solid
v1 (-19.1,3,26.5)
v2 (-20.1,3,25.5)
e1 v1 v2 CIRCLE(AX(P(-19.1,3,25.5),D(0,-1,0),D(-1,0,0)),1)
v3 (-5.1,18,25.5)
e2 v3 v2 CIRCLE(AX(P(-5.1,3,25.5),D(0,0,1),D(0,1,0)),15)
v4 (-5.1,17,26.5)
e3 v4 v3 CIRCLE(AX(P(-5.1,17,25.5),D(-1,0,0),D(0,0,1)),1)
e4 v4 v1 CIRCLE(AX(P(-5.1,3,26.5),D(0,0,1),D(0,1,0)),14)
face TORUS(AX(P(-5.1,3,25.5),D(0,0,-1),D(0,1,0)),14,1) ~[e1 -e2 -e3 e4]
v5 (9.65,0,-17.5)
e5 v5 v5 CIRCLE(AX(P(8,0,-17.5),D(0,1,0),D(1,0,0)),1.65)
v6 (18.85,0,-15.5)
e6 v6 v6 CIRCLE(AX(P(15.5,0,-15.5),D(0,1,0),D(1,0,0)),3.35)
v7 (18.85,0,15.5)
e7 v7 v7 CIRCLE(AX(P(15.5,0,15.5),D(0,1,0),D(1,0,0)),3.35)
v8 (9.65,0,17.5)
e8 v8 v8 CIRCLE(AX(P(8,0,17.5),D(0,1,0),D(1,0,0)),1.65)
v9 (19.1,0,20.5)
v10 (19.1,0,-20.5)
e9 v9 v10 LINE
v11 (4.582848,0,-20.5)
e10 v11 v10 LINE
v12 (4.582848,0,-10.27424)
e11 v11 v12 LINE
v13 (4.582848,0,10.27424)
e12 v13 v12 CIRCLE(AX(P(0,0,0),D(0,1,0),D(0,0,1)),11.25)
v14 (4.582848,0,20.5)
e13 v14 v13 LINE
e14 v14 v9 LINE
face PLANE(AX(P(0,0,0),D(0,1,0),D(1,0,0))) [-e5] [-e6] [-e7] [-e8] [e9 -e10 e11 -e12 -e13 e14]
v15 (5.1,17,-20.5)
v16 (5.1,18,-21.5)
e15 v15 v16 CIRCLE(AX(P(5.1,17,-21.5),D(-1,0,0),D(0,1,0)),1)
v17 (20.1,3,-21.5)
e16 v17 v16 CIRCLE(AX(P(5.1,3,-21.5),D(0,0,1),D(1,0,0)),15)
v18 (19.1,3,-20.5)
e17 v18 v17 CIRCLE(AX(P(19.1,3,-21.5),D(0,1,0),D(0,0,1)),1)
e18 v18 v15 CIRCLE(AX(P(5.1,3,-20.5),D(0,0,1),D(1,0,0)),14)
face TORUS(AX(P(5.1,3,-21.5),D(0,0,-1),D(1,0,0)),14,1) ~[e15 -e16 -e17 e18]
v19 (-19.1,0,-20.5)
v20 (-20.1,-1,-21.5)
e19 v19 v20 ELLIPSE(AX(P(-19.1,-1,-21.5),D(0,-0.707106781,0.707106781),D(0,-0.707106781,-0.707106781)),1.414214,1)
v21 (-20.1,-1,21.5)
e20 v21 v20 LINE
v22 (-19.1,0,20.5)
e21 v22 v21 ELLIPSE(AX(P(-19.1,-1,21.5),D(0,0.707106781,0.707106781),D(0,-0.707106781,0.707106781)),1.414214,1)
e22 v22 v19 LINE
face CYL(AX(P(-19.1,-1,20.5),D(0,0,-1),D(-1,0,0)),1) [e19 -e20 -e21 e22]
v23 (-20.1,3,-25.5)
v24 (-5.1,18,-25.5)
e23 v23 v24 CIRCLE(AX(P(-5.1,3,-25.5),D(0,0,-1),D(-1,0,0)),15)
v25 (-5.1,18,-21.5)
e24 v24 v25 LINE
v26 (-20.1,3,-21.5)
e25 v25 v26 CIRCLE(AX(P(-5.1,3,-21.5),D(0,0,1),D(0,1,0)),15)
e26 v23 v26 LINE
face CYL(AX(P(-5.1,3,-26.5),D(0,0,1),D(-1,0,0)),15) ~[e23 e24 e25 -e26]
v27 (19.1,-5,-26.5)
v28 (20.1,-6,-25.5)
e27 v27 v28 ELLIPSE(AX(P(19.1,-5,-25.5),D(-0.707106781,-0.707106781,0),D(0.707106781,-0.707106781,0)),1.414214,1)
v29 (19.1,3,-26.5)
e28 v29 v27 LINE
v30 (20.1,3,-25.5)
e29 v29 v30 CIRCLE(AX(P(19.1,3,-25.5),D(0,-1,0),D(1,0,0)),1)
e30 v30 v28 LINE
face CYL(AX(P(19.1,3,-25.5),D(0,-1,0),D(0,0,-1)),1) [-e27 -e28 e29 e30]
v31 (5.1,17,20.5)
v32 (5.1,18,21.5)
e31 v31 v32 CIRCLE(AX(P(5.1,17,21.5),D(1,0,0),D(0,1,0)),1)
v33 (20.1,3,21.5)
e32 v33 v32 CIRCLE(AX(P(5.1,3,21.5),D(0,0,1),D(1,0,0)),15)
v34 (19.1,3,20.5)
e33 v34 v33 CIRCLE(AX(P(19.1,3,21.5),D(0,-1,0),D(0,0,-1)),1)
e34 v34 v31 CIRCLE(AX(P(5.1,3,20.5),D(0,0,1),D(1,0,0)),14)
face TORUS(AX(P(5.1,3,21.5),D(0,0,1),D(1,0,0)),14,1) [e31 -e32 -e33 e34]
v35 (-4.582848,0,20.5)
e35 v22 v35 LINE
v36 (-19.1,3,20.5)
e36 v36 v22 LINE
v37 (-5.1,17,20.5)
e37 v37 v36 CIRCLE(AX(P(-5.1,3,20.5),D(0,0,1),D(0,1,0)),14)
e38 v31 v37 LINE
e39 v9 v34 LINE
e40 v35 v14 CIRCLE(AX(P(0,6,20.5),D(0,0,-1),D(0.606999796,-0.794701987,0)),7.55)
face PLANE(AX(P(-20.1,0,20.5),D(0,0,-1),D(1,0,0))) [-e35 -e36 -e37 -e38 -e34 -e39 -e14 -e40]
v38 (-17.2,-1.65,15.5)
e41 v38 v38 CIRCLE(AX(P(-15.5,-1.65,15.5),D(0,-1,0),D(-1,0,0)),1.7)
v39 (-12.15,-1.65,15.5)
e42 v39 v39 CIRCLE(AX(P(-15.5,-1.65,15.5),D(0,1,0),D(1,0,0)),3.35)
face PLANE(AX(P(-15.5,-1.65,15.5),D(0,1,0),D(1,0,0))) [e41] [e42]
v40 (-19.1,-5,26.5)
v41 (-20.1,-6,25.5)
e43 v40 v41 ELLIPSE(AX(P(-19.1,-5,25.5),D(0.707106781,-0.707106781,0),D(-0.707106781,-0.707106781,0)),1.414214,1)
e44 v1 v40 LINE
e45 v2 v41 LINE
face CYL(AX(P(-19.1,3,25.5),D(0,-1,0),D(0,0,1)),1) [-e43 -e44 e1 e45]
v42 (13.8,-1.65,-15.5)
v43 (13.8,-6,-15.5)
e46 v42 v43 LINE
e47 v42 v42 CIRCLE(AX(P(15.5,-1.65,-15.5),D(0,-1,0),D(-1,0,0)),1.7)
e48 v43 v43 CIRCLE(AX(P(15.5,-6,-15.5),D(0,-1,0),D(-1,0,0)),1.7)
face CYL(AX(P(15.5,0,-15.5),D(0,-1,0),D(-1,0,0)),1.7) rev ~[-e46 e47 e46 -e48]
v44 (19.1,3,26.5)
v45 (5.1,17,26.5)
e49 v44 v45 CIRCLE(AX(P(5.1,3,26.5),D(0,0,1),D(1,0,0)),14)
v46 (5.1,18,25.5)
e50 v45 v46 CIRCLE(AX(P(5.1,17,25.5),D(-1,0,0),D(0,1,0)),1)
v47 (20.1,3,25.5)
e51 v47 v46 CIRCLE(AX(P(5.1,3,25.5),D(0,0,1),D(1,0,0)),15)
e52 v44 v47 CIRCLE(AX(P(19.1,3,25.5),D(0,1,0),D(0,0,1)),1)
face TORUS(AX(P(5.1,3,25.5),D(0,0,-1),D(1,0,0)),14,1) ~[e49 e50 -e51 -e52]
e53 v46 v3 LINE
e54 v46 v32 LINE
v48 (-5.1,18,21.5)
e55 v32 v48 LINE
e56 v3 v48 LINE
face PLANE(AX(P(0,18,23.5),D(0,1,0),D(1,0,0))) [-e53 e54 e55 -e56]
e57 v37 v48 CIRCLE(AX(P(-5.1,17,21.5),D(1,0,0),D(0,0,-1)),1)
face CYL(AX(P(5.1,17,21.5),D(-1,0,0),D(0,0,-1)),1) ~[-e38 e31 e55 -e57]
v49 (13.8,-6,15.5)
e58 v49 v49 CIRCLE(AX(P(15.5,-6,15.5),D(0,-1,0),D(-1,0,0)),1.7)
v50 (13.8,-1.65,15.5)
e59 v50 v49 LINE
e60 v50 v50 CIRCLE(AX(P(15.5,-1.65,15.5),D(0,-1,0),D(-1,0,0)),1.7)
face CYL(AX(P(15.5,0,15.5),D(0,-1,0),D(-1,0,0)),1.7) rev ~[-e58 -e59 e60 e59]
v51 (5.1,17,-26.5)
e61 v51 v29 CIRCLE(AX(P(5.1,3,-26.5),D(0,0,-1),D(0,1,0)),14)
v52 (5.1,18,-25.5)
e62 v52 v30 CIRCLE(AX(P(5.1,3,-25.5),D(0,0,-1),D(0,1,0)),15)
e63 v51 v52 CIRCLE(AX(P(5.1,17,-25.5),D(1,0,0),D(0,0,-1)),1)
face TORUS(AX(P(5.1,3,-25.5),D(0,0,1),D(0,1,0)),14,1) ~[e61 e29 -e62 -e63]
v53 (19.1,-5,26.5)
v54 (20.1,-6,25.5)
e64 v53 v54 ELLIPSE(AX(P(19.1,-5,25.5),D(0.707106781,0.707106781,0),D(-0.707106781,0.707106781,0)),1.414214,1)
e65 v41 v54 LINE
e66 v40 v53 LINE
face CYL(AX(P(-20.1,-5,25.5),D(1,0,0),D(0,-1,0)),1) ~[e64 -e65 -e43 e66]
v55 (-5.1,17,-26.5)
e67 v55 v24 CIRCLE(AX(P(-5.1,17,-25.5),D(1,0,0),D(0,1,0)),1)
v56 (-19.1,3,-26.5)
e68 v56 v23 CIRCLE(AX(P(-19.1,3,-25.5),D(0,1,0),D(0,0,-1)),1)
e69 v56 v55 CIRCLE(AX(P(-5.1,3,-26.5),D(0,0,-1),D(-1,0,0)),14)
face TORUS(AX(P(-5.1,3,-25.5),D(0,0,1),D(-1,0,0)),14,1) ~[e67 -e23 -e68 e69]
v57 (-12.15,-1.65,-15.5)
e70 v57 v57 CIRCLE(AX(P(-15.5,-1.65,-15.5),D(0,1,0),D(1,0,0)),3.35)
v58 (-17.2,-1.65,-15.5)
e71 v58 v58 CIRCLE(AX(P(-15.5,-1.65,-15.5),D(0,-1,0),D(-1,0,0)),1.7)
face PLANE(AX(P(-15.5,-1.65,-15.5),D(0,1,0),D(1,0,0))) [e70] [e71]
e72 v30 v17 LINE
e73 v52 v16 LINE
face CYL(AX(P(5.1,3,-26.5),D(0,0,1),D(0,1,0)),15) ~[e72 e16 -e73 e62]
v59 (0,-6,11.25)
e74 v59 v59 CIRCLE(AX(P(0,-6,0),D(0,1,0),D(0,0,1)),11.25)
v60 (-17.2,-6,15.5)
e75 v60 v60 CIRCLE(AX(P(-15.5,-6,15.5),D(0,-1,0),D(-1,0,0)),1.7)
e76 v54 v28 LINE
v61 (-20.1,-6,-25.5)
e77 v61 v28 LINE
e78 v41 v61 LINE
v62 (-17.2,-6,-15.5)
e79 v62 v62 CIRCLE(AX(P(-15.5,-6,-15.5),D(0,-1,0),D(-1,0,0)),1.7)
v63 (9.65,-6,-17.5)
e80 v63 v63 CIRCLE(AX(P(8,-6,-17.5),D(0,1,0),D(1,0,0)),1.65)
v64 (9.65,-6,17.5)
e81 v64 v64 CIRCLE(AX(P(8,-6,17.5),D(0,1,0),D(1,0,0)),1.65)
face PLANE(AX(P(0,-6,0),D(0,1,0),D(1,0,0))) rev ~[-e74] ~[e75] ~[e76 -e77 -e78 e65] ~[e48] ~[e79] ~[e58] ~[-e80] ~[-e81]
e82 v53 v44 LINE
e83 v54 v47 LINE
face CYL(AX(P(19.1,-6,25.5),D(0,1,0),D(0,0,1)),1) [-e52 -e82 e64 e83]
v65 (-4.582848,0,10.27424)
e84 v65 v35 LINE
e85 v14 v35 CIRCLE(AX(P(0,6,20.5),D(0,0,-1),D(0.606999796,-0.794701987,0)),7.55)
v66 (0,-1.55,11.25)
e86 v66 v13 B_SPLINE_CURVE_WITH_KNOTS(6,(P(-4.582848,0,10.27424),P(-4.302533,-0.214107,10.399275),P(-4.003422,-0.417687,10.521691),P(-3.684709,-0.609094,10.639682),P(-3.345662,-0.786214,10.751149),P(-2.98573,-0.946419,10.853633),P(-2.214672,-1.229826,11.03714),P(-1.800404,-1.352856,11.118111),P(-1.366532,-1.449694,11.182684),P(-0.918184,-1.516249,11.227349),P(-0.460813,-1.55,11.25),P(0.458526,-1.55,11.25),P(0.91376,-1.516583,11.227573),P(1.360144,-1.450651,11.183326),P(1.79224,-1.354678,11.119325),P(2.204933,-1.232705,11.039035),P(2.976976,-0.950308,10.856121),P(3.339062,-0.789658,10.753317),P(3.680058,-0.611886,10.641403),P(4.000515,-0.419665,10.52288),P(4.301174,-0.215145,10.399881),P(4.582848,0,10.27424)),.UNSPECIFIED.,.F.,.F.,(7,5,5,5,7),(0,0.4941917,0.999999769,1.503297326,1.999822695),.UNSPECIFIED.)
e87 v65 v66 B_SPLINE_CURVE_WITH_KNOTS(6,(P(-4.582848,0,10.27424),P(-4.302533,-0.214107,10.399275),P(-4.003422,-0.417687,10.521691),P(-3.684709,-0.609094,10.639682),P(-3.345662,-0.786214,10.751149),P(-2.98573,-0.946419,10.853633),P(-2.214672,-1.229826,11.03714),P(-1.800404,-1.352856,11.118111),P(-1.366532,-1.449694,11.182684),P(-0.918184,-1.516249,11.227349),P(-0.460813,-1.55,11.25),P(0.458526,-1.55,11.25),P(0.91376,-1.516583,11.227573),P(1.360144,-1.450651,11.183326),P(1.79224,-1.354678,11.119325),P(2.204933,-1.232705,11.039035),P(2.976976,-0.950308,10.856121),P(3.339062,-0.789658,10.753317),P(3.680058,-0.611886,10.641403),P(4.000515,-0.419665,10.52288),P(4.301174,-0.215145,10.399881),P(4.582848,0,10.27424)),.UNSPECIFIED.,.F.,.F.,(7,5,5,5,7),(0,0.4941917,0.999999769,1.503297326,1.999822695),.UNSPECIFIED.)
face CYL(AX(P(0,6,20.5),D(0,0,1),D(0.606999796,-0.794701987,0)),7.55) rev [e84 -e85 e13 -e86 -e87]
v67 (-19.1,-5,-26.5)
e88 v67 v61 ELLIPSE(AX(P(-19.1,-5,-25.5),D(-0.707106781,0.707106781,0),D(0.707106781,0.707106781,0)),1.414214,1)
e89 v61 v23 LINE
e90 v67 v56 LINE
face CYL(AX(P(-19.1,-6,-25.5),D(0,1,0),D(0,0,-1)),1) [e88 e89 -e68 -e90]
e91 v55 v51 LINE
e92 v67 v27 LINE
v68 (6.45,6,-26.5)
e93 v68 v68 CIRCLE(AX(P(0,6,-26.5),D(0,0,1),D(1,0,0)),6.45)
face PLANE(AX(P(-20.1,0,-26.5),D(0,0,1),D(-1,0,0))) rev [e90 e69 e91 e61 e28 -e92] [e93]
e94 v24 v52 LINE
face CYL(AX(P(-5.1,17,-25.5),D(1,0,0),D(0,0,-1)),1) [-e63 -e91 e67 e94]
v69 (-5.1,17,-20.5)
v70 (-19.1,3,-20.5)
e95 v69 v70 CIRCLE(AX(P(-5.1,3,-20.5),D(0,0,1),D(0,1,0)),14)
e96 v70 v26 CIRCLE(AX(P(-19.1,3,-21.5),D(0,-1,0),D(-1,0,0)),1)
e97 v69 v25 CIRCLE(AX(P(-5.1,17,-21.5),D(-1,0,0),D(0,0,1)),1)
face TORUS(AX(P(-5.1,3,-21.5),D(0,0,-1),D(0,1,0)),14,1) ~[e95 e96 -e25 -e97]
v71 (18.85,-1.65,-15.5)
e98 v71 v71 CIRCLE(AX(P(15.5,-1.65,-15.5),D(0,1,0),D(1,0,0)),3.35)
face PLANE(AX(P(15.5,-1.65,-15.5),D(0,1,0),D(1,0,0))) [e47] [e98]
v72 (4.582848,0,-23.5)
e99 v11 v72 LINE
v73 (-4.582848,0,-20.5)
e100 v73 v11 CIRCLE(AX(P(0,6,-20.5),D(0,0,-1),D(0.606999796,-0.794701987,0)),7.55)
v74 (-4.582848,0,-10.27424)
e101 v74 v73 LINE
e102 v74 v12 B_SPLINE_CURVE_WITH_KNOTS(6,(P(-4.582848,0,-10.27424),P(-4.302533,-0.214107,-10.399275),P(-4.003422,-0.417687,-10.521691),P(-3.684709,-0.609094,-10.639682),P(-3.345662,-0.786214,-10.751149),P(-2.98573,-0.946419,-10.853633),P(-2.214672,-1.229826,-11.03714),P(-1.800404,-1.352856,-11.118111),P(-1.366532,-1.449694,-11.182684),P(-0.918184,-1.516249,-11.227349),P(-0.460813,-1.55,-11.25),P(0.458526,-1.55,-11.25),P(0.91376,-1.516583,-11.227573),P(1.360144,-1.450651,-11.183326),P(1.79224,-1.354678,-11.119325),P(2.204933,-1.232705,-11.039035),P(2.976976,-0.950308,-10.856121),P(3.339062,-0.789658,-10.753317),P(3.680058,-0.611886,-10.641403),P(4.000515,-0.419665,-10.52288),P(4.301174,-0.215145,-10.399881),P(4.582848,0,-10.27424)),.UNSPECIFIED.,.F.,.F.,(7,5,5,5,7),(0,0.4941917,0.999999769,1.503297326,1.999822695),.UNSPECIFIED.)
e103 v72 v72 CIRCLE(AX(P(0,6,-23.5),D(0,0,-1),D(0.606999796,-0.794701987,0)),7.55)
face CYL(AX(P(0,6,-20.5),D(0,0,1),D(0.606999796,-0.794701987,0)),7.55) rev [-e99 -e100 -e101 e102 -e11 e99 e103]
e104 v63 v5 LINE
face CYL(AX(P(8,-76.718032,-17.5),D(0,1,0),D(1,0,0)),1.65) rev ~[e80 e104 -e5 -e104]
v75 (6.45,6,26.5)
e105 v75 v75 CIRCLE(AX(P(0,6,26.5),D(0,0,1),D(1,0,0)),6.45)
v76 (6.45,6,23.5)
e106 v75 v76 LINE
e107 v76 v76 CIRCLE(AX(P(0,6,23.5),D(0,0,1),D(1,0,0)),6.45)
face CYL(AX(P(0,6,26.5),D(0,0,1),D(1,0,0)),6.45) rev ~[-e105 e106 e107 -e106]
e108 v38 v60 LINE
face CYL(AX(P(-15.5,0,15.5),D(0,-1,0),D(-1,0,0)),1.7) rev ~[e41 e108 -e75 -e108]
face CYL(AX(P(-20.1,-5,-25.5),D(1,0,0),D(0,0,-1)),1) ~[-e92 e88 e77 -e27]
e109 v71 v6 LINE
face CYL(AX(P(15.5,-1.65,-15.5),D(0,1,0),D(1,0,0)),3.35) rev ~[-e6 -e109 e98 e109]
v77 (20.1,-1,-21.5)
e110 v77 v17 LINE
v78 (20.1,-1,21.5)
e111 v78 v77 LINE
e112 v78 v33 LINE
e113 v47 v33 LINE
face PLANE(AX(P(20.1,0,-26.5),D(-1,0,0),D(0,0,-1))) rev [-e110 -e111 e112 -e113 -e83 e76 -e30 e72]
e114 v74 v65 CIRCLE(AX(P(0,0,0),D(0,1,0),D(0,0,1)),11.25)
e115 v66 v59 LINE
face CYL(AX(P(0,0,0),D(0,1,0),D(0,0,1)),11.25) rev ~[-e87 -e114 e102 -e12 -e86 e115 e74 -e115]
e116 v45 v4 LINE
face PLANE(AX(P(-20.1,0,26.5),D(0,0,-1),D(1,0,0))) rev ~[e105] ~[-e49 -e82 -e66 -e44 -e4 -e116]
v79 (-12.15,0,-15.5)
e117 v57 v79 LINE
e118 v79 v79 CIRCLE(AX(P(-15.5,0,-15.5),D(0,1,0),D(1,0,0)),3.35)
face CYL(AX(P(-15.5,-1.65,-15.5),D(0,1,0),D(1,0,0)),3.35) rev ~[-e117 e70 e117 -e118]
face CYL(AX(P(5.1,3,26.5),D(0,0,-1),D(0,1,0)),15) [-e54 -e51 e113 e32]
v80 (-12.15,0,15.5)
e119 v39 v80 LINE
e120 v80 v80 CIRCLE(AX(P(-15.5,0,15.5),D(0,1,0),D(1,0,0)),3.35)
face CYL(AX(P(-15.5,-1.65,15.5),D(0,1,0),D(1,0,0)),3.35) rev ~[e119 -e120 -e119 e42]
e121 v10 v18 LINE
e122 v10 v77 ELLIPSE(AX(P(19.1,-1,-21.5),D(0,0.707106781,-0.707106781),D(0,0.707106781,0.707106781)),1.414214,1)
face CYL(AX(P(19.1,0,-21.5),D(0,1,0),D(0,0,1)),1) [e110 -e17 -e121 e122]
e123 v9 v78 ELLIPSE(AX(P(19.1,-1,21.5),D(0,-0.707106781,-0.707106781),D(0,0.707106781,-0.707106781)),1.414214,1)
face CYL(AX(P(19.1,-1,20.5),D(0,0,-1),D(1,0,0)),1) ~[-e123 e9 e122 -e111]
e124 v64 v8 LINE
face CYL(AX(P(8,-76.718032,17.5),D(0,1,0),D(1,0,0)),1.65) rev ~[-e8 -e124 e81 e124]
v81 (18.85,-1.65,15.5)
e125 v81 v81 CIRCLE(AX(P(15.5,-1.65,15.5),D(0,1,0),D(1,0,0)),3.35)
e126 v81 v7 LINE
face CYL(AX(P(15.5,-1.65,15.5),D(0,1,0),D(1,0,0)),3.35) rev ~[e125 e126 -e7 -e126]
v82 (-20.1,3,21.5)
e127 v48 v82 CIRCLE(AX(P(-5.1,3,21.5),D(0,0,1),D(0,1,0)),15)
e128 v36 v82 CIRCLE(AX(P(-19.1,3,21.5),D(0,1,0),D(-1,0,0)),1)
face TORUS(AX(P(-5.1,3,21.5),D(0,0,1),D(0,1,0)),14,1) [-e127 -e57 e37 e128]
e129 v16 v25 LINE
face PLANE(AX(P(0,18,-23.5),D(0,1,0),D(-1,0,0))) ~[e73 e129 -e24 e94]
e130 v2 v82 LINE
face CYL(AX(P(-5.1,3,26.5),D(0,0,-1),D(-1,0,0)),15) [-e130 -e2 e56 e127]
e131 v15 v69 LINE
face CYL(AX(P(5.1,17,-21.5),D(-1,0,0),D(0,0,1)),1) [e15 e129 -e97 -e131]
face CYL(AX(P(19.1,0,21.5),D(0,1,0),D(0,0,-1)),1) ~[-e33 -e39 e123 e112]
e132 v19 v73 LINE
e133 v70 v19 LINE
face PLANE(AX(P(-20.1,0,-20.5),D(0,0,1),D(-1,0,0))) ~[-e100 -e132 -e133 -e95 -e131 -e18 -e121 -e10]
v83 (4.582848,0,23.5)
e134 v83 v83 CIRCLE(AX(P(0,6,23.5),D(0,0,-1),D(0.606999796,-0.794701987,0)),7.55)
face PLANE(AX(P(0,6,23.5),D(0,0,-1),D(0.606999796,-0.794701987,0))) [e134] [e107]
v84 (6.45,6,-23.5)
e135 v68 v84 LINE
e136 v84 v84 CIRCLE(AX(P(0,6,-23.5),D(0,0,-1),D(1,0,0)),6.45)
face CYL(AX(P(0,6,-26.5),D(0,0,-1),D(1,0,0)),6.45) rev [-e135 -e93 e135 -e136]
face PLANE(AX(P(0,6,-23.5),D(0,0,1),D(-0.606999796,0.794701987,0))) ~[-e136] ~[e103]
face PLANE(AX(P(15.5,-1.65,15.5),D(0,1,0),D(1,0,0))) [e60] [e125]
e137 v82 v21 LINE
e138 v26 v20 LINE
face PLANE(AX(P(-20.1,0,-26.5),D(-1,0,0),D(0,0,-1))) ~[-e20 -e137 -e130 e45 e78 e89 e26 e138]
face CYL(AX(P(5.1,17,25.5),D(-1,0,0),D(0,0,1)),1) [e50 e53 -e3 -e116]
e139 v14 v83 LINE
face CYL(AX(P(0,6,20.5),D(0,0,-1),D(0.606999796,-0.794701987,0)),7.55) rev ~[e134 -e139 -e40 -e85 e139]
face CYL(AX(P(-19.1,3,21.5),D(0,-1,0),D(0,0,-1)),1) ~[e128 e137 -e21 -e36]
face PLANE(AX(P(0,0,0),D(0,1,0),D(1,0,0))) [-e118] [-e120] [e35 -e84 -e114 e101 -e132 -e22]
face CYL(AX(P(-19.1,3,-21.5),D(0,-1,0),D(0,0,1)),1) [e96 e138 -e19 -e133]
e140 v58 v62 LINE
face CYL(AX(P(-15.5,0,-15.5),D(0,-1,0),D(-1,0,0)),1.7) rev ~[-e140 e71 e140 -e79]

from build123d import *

# Parameters (mm, degrees)
SKETCH1_W                       = 40.2
SKETCH1_H                       = 53
SKETCH1_R                       = 11.25
BOSS_EXTRUDE1_DEPTH             = 6
CBORE_FOR_M3_SBHCS1_D           = 3.4
CBORE_FOR_M3_SBHCS1_CBORE_D     = 6.7
CBORE_FOR_M3_SBHCS1_CBORE_DEPTH = 1.65
SKETCH5_W                       = 40.2
SKETCH5_H                       = 6
BOSS_EXTRUDE2_DEPTH             = 18
CUT_EXTRUDE1_REACH              = 61.473
SKETCH6_R                       = 6.45
FILLET3_R                       = 15
SKETCH8_R                       = 7.55
CUT_EXTRUDE3_DEPTH              = 3
CUT_EXTRUDE3_DIRECTION_2_REACH  = 56.194
FILLET3_OF_MIRROR1_R            = 15
FILLET4_R                       = 1
M4X0_7_TAPPED_HOLE1_D           = 3.3


with BuildPart() as part:
    # Sketch1 → Boss-Extrude1 (new body)
    with BuildSketch(Plane(origin=(0, 0, 0), x_dir=(1, 0, 0), z_dir=(0, 1, 0))):
        Rectangle(SKETCH1_W, SKETCH1_H)
        with Locations(Location((0, 0, 0), (0, 0, 270))):
            Circle(SKETCH1_R, mode=Mode.SUBTRACT)
    extrude(amount=-BOSS_EXTRUDE1_DEPTH)

    # CBORE for M3 SBHCS1 (through all)
    with Locations(Plane(origin=(0, 0, 0), x_dir=(1, 0, 0), z_dir=(0, 1, 0))):
        with Locations((-15.5, 15.5), (15.5, 15.5), (15.5, -15.5), (-15.5, -15.5)):
            CounterBoreHole(CBORE_FOR_M3_SBHCS1_D / 2, CBORE_FOR_M3_SBHCS1_CBORE_D / 2, CBORE_FOR_M3_SBHCS1_CBORE_DEPTH)

    # Sketch5 → Boss-Extrude2 (add)
    with BuildSketch(Plane(origin=(0, 0, 0), x_dir=(1, 0, 0), z_dir=(0, 1, 0))):
        with Locations((0, -23.5)):
            Rectangle(SKETCH5_W, SKETCH5_H)
    boss_extrude2 = extrude(amount=BOSS_EXTRUDE2_DEPTH)

    # Sketch6 → Cut-Extrude1 (cut, up to next)
    with BuildSketch(Plane.XY.offset(26.5), mode=Mode.PRIVATE) as cut_extrude1_sk1:
        with Locations((0, 6)):
            Circle(SKETCH6_R)
    cut_extrude1_tool1 = extrude(cut_extrude1_sk1.sketch, amount=-CUT_EXTRUDE1_REACH, mode=Mode.PRIVATE) & part.part
    cut_extrude1 = cut_extrude1_tool1.solids().sort_by_distance((0, 6, 26.5))[0]
    add(cut_extrude1, mode=Mode.SUBTRACT)

    # Fillet3
    fillet3_edges = [part.edges().sort_by_distance(p)[0] for p in [
        (20.1, 18, 23.5),
        (-20.1, 18, 23.5),
    ]]
    fillet(fillet3_edges, radius=FILLET3_R)

    # Sketch8 → Cut-Extrude3 (cut)
    with BuildSketch(Plane(origin=(0, 0, 20.5), x_dir=(-1, 0, 0), z_dir=(0, 0, -1))):
        with Locations(Location((0, 6, 0), (0, 0, 232.627116603))):
            Circle(SKETCH8_R)
    cut_extrude3 = extrude(amount=-CUT_EXTRUDE3_DEPTH, mode=Mode.SUBTRACT)

    # Sketch8 → Cut-Extrude3 direction 2 (cut, up to next)
    with BuildSketch(Plane(origin=(0, 0, 20.5), x_dir=(-1, 0, 0), z_dir=(0, 0, -1)), mode=Mode.PRIVATE) as cut_extrude3_direction_2_sk1:
        with Locations(Location((0, 6, 0), (0, 0, 232.627116603))):
            Circle(SKETCH8_R)
    cut_extrude3_direction_2_tool1 = extrude(cut_extrude3_direction_2_sk1.sketch, amount=CUT_EXTRUDE3_DIRECTION_2_REACH, mode=Mode.PRIVATE) & part.part
    cut_extrude3_direction_2 = cut_extrude3_direction_2_tool1.solids().sort_by_distance((0, 6, 20.5))[0]
    add(cut_extrude3_direction_2, mode=Mode.SUBTRACT)

    # Mirror1: Boss-Extrude2, Cut-Extrude1, Cut-Extrude3, Cut-Extrude3 direction 2 across plane
    add(boss_extrude2.mirror(Plane.XY))
    add(cut_extrude1.mirror(Plane.XY), mode=Mode.SUBTRACT)
    add(cut_extrude3.mirror(Plane.XY), mode=Mode.SUBTRACT)
    add(cut_extrude3_direction_2.mirror(Plane.XY), mode=Mode.SUBTRACT)

    # Fillet3 of Mirror1
    fillet3_of_mirror1_edges = [part.edges().sort_by_distance(p)[0] for p in [
        (20.1, 18, -23.5),
        (-20.1, 18, -23.5),
    ]]
    fillet(fillet3_of_mirror1_edges, radius=FILLET3_OF_MIRROR1_R)

    # Fillet4
    fillet4_edges = [part.edges().sort_by_distance(p)[0] for p in [
        (20.1, 1.5, 20.5),
        (15.706601718, 13.606601718, 20.5),
        (0, 18, 20.5),
        (-15.706601718, 13.606601718, 20.5),
        (20.1, 1.5, -20.5),
        (15.706601718, 13.606601718, -20.5),
        (0, 18, -20.5),
        (-15.706601718, 13.606601718, -20.5),
        (20.1, -1.5, -26.5),
        (15.706601718, 13.606601718, -26.5),
        (0, 18, -26.5),
        (-15.706601718, 13.606601718, -26.5),
        (20.1, -1.5, 26.5),
        (15.706601718, 13.606601718, 26.5),
        (0, 18, 26.5),
        (-15.706601718, 13.606601718, 26.5),
        (20.1, 0, 0),
        (-20.1, 0, 0),
        (0, -6, 26.5),
        (0, -6, -26.5),
        (-20.1, 1.5, 20.5),
        (-20.1, 1.5, -20.5),
        (-20.1, -1.5, -26.5),
        (-20.1, -1.5, 26.5),
    ]]
    fillet(fillet4_edges, radius=FILLET4_R)

    # M4x0.7 Tapped Hole1 (through all)
    with Locations(Plane(origin=(0, -6, 0), x_dir=(-1, 0, 0), z_dir=(0, -1, 0))):
        with Locations((-8, 17.5), (-8, -17.5)):
            Hole(M4X0_7_TAPPED_HOLE1_D / 2)


solid = part.part
